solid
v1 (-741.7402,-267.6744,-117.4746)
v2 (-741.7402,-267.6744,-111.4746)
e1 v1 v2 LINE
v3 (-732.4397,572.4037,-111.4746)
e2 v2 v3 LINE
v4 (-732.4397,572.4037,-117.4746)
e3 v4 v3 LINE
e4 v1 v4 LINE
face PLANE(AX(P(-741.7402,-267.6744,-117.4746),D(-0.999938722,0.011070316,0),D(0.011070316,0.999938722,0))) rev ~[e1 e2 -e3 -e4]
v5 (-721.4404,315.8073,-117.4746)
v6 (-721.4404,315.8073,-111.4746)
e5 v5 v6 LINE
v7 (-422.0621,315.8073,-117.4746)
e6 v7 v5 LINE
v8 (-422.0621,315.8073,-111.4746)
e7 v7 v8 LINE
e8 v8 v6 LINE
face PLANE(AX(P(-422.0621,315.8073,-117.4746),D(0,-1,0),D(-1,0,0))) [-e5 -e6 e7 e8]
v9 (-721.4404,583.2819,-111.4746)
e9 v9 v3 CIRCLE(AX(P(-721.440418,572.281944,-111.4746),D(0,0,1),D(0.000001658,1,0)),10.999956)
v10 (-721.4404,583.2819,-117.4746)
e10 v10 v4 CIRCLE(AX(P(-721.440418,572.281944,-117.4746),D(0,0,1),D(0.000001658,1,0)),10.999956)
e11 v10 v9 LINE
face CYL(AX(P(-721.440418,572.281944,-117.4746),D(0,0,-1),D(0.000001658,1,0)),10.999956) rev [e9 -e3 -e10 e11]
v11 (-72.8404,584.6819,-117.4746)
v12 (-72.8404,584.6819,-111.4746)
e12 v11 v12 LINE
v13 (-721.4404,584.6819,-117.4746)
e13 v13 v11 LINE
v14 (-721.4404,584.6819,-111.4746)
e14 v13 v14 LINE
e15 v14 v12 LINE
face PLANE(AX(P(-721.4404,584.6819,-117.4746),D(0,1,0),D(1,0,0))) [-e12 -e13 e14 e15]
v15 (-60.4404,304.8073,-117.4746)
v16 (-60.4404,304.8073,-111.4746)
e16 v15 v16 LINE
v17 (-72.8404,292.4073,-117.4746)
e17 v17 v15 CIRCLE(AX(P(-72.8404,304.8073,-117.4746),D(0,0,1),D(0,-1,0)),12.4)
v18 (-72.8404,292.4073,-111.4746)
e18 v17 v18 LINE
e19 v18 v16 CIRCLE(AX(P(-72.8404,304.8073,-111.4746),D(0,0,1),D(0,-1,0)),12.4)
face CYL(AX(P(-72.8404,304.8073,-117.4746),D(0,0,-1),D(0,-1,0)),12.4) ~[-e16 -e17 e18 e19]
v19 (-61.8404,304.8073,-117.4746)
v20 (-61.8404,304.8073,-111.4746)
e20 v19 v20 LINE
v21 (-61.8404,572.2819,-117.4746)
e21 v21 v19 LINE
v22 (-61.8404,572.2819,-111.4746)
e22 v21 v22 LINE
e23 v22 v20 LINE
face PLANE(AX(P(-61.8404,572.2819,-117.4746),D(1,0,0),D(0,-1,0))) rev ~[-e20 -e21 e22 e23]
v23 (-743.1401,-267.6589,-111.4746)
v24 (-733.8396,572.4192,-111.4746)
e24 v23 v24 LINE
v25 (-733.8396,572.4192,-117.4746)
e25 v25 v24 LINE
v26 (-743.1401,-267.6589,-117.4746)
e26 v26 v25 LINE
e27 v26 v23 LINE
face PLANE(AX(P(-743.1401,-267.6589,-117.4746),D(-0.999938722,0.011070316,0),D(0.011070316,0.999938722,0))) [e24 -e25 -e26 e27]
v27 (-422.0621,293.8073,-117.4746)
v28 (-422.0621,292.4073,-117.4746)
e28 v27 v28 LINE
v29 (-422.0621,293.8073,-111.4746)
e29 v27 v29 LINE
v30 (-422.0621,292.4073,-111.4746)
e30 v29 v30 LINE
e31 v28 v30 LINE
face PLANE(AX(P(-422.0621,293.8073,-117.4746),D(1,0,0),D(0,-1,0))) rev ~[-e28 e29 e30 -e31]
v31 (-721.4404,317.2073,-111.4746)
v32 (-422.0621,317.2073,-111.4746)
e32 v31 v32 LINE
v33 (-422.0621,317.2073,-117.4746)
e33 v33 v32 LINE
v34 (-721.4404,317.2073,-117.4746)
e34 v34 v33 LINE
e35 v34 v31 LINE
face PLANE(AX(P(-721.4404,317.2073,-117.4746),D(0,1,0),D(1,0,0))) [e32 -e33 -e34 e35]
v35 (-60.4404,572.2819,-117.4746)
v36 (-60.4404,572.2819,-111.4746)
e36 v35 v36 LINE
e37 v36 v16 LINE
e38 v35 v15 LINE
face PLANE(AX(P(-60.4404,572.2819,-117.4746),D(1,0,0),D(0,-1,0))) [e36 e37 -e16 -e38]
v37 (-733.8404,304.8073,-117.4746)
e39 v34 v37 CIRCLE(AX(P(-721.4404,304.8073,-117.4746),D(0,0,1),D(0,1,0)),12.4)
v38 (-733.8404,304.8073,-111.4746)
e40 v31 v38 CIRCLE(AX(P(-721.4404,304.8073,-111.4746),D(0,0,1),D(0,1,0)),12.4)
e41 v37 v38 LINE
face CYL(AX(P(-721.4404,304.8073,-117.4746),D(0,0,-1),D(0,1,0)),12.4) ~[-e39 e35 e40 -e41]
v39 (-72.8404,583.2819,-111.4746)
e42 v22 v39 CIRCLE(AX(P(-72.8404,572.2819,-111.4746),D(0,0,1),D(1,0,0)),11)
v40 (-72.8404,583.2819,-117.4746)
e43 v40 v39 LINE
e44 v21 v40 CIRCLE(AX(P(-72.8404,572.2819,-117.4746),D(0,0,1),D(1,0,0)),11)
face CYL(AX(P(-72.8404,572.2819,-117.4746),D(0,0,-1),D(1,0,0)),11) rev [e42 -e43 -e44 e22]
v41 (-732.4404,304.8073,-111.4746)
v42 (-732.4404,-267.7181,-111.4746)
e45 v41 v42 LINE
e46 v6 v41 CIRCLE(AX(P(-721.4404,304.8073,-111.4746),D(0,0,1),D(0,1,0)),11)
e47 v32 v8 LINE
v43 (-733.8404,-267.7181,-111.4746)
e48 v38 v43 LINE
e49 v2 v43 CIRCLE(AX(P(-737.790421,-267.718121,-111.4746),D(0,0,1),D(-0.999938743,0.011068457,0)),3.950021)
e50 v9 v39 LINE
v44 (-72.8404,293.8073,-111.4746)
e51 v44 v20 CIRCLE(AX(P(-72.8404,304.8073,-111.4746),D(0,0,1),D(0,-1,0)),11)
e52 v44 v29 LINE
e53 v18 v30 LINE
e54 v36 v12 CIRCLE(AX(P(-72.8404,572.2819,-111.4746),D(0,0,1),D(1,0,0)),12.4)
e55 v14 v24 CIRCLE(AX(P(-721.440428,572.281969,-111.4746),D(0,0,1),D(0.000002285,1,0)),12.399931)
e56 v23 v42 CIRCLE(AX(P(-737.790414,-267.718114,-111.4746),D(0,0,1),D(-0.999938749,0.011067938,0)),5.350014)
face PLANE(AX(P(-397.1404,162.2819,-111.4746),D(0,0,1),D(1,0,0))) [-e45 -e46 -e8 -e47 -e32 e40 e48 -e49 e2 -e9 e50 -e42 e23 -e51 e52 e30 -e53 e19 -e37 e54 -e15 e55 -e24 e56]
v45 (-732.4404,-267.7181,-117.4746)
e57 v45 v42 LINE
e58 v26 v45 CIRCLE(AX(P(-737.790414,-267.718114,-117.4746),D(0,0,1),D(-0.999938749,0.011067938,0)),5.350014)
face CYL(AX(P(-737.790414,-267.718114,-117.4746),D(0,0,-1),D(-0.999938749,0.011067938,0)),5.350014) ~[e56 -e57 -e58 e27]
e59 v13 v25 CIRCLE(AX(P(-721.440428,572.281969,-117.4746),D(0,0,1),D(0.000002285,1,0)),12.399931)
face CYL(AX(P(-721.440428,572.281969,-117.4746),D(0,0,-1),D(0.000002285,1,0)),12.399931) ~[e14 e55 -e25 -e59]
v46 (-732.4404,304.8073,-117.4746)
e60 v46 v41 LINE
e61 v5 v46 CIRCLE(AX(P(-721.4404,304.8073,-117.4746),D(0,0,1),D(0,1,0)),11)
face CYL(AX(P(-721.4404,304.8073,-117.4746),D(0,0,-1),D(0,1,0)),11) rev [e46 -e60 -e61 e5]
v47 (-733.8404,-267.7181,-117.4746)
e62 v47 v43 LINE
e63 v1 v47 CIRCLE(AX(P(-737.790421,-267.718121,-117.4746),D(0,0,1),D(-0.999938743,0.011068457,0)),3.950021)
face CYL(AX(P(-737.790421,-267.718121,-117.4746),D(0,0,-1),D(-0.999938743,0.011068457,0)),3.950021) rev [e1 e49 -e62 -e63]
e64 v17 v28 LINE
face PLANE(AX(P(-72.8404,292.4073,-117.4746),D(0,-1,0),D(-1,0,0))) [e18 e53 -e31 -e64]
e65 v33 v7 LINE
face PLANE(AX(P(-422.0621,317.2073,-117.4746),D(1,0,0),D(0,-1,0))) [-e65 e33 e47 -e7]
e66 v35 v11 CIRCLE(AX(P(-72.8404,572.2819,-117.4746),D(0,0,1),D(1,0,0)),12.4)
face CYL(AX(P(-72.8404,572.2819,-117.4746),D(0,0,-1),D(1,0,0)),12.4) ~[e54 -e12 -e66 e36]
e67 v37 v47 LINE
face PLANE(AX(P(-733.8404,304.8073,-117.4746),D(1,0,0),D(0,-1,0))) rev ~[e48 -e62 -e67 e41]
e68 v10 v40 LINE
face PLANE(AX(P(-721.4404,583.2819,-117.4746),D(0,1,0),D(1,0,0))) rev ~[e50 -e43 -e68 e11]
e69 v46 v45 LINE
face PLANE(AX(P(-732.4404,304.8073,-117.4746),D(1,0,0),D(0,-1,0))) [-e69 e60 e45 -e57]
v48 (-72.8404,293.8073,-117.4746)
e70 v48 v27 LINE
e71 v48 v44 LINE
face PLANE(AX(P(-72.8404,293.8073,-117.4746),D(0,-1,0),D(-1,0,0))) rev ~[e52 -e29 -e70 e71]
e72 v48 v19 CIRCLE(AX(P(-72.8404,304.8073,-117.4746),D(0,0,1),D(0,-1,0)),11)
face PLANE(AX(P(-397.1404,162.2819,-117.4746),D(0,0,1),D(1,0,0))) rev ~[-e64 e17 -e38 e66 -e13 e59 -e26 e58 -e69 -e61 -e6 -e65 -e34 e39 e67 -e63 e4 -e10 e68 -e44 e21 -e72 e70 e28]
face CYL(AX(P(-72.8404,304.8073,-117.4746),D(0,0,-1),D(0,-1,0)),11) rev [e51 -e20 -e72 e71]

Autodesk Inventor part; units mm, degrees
ref_plane "YZ Plane" through (0, 0, 0) normal (1, 0, 0) x (0, 1, 0)
ref_plane "XZ Plane" through (0, 0, 0) normal (0, 1, 0) x (-1, 0, 0)
ref_plane "XY Plane" through (0, 0, 0) normal (0, 0, 1) x (1, 0, 0)
ref_plane "Work Plane1" through (-397.1404, 162.2819, -117.4746) normal (0, 0, 1) x (1, 0, 0)
sketch "Sketch1" plane through (-397.1404, 162.2819, -117.4746) normal (0, 0, 1) x (1, 0, 0)
  circle A0 centre (-324.3, 142.5254) radius 11 construction
  circle A1 centre (-324.3, 410) radius 11 construction
  circle A2 centre (324.3, 410) radius 11 construction
  circle A3 centre (324.3, 142.5254) radius 11 construction
  circle A4 centre (-340.65, -430) radius 6.3842 construction
  arc A5 (-344.1203, -433.099) -> (-344.7505, -432.1984) centre (-344.419, -432.6372) ccw construction
  arc A6 (-344.9905, -432.1415) -> (-344.7505, -432.1984) centre (-344.847, -432.0707) ccw construction
  arc A7 (-345.1624, -431.7504) -> (-344.9905, -432.1415) centre (-340.65, -430) ccw construction
  arc A8 (-345.0421, -431.5351) -> (-345.1624, -431.7504) centre (-345.0132, -431.6925) ccw construction
  arc A9 (-345.0421, -431.5351) -> (-345.2797, -430.4618) centre (-345.1413, -430.9941) ccw construction
  arc A10 (-345.4796, -430.3175) -> (-345.2797, -430.4618) centre (-345.3199, -430.307) ccw construction
  arc A11 (-345.4888, -429.8903) -> (-345.4796, -430.3175) centre (-340.65, -430) ccw construction
  arc A12 (-345.2952, -429.7375) -> (-345.4888, -429.8903) centre (-345.3288, -429.8939) ccw construction
  arc A13 (-345.2952, -429.7375) -> (-345.104, -428.655) centre (-345.1799, -429.1997) ccw construction
  arc A14 (-345.2334, -428.4451) -> (-345.104, -428.655) centre (-345.0819, -428.4965) ccw construction
  arc A15 (-345.0784, -428.0469) -> (-345.2334, -428.4451) centre (-340.65, -430) ccw construction
  arc A16 (-344.8412, -427.9798) -> (-345.0784, -428.0469) centre (-344.932, -428.1115) ccw construction
  arc A17 (-344.8412, -427.9798) -> (-344.2502, -427.0529) centre (-344.5288, -427.5271) ccw construction
  arc A18 (-344.2895, -426.8095) -> (-344.2502, -427.0529) centre (-344.1692, -426.9149) ccw construction
  arc A19 (-343.9939, -426.5009) -> (-344.2895, -426.8095) centre (-340.65, -430) ccw construction
  arc A20 (-343.749, -426.5297) -> (-343.9939, -426.5009) centre (-343.8834, -426.6166) ccw construction
  arc A21 (-343.749, -426.5297) -> (-342.8484, -425.8995) centre (-343.2872, -426.231) ccw construction
  arc A22 (-342.7915, -425.6595) -> (-342.8484, -425.8995) centre (-342.7207, -425.803) ccw construction
  arc A23 (-342.4004, -425.4876) -> (-342.7915, -425.6595) centre (-340.65, -430) ccw construction
  arc A24 (-342.1851, -425.6079) -> (-342.4004, -425.4876) centre (-342.3425, -425.6368) ccw construction
  arc A25 (-342.1851, -425.6079) -> (-341.1118, -425.3703) centre (-341.6441, -425.5087) ccw construction
  arc A26 (-340.9675, -425.1704) -> (-341.1118, -425.3703) centre (-340.957, -425.3301) ccw construction
  arc A27 (-340.5403, -425.1612) -> (-340.9675, -425.1704) centre (-340.65, -430) ccw construction
  arc A28 (-340.3875, -425.3548) -> (-340.5403, -425.1612) centre (-340.5439, -425.3212) ccw construction
  arc A29 (-340.3875, -425.3548) -> (-339.305, -425.546) centre (-339.8497, -425.4701) ccw construction
  arc A30 (-339.0951, -425.4166) -> (-339.305, -425.546) centre (-339.1465, -425.5681) ccw construction
  arc A31 (-338.6969, -425.5716) -> (-339.0951, -425.4166) centre (-340.65, -430) ccw construction
  arc A32 (-338.6298, -425.8088) -> (-338.6969, -425.5716) centre (-338.7615, -425.718) ccw construction
  arc A33 (-338.6298, -425.8088) -> (-337.7029, -426.3998) centre (-338.1771, -426.1212) ccw construction
  arc A34 (-337.4595, -426.3605) -> (-337.7029, -426.3998) centre (-337.5649, -426.4808) ccw construction
  arc A35 (-337.1509, -426.6561) -> (-337.4595, -426.3605) centre (-340.65, -430) ccw construction
  arc A36 (-337.1797, -426.901) -> (-337.1509, -426.6561) centre (-337.2666, -426.7666) ccw construction
  arc A37 (-337.1797, -426.901) -> (-336.5495, -427.8016) centre (-336.881, -427.3628) ccw construction
  arc A38 (-336.3095, -427.8585) -> (-336.5495, -427.8016) centre (-336.453, -427.9293) ccw construction
  arc A39 (-336.1376, -428.2496) -> (-336.3095, -427.8585) centre (-340.65, -430) ccw construction
  arc A40 (-336.2579, -428.4649) -> (-336.1376, -428.2496) centre (-336.2868, -428.3075) ccw construction
  arc A41 (-336.2579, -428.4649) -> (-336.0203, -429.5382) centre (-336.1587, -429.0059) ccw construction
  arc A42 (-335.8204, -429.6825) -> (-336.0203, -429.5382) centre (-335.9801, -429.693) ccw construction
  arc A43 (-335.8112, -430.1097) -> (-335.8204, -429.6825) centre (-340.65, -430) ccw construction
  arc A44 (-336.0048, -430.2625) -> (-335.8112, -430.1097) centre (-335.9712, -430.1061) ccw construction
  arc A45 (-336.0048, -430.2625) -> (-336.196, -431.345) centre (-336.1201, -430.8003) ccw construction
  arc A46 (-336.0666, -431.5549) -> (-336.196, -431.345) centre (-336.2181, -431.5035) ccw construction
  arc A47 (-336.2216, -431.9531) -> (-336.0666, -431.5549) centre (-340.65, -430) ccw construction
  arc A48 (-336.4588, -432.0202) -> (-336.2216, -431.9531) centre (-336.368, -431.8885) ccw construction
  arc A49 (-336.4588, -432.0202) -> (-337.0498, -432.9471) centre (-336.7712, -432.4729) ccw construction
  arc A50 (-337.0105, -433.1905) -> (-337.0498, -432.9471) centre (-337.1308, -433.0851) ccw construction
  arc A51 (-337.3061, -433.4991) -> (-337.0105, -433.1905) centre (-340.65, -430) ccw construction
  arc A52 (-337.551, -433.4703) -> (-337.3061, -433.4991) centre (-337.4166, -433.3834) ccw construction
  arc A53 (-337.551, -433.4703) -> (-338.4516, -434.1005) centre (-338.0128, -433.769) ccw construction
  arc A54 (-338.5085, -434.3405) -> (-338.4516, -434.1005) centre (-338.5793, -434.197) ccw construction
  arc A55 (-338.8996, -434.5124) -> (-338.5085, -434.3405) centre (-340.65, -430) ccw construction
  arc A56 (-339.1149, -434.3921) -> (-338.8996, -434.5124) centre (-338.9575, -434.3632) ccw construction
  arc A57 (-339.1149, -434.3921) -> (-340.1882, -434.6297) centre (-339.6559, -434.4913) ccw construction
  arc A58 (-340.3325, -434.8296) -> (-340.1882, -434.6297) centre (-340.343, -434.6699) ccw construction
  arc A59 (-340.7597, -434.8388) -> (-340.3325, -434.8296) centre (-340.65, -430) ccw construction
  arc A60 (-340.9125, -434.6452) -> (-340.7597, -434.8388) centre (-340.7561, -434.6788) ccw construction
  arc A61 (-340.9125, -434.6452) -> (-341.995, -434.454) centre (-341.4503, -434.5299) ccw construction
  arc A62 (-342.2049, -434.5834) -> (-341.995, -434.454) centre (-342.1535, -434.4319) ccw construction
  arc A63 (-342.6031, -434.4284) -> (-342.2049, -434.5834) centre (-340.65, -430) ccw construction
  arc A64 (-342.6702, -434.1912) -> (-342.6031, -434.4284) centre (-342.5385, -434.282) ccw construction
  arc A65 (-342.6702, -434.1912) -> (-343.5971, -433.6002) centre (-343.1229, -433.8788) ccw construction
  arc A66 (-343.8405, -433.6395) -> (-343.5971, -433.6002) centre (-343.7351, -433.5192) ccw construction
  arc A67 (-344.1491, -433.3439) -> (-343.8405, -433.6395) centre (-340.65, -430) ccw construction
  arc A68 (-344.1203, -433.099) -> (-344.1491, -433.3439) centre (-344.0334, -433.2334) ccw construction
  arc A69 (-344.5998, -429.9563) -> (-336.7, -430) centre (-340.65, -430) ccw
  line L0 (-344.5998, -429.9563) -> (-335.2993, 410.1218)
  line L1 (-324.3, 421) -> (324.3, 421)
  line L2 (335.3, 410) -> (335.3, 142.5254)
  line L3 (324.3, 131.5254) -> (-24.9217, 131.5254)
  arc A70 (-324.3, 421) -> (-335.2993, 410.1218) centre (-324.3, 410) ccw
  arc A71 (324.3, 131.5254) -> (335.3, 142.5254) centre (324.3, 142.5254) ccw
  circle A72 centre (-324.3, 142.5254) radius 12.4 construction
  line L4 (-324.3, 154.9254) -> (-24.9217, 154.9254)
  line L5 (-336.7, 142.5254) -> (-336.7, -430)
  arc A73 (335.3, 410) -> (324.3, 421) centre (324.3, 410) ccw
  arc A74 (-324.3, 154.9254) -> (-336.7, 142.5254) centre (-324.3, 142.5254) ccw
  line L6 (-24.9217, 153.5254) -> (-324.3, 153.5254)
  arc A75 (-324.3, 153.5254) -> (-335.3, 142.5254) centre (-324.3, 142.5254) ccw
  line L7 (-335.3, 142.5254) -> (-335.3, -430)
  arc A76 (-345.9997, -429.9408) -> (-335.3, -430) centre (-340.65, -430) ccw
  line L8 (-345.9997, -429.9408) -> (-336.6992, 410.1373)
  arc A77 (-324.3, 422.4) -> (-336.6992, 410.1373) centre (-324.3, 410) ccw
  line L9 (-324.3, 422.4) -> (324.3, 422.4)
  arc A78 (336.7, 410) -> (324.3, 422.4) centre (324.3, 410) ccw
  line L10 (336.7, 410) -> (336.7, 142.5254)
  arc A79 (324.3, 130.1254) -> (336.7, 142.5254) centre (324.3, 142.5254) ccw
  line L11 (324.3, 130.1254) -> (-24.9217, 130.1254)
  line L12 (-24.9217, 154.9254) -> (-24.9217, 153.5254)
  line L13 (-24.9217, 131.5254) -> (-24.9217, 130.1254)
  point P0 (397.1404, -162.2819)
  dimension "d0" = 1.4
  dimension "d1" = 1.4
extrude "Extrusion1" add sketch "Sketch1" along normal blind 6
equation "\"d1\" = d0"
properties part number "beltTest"
